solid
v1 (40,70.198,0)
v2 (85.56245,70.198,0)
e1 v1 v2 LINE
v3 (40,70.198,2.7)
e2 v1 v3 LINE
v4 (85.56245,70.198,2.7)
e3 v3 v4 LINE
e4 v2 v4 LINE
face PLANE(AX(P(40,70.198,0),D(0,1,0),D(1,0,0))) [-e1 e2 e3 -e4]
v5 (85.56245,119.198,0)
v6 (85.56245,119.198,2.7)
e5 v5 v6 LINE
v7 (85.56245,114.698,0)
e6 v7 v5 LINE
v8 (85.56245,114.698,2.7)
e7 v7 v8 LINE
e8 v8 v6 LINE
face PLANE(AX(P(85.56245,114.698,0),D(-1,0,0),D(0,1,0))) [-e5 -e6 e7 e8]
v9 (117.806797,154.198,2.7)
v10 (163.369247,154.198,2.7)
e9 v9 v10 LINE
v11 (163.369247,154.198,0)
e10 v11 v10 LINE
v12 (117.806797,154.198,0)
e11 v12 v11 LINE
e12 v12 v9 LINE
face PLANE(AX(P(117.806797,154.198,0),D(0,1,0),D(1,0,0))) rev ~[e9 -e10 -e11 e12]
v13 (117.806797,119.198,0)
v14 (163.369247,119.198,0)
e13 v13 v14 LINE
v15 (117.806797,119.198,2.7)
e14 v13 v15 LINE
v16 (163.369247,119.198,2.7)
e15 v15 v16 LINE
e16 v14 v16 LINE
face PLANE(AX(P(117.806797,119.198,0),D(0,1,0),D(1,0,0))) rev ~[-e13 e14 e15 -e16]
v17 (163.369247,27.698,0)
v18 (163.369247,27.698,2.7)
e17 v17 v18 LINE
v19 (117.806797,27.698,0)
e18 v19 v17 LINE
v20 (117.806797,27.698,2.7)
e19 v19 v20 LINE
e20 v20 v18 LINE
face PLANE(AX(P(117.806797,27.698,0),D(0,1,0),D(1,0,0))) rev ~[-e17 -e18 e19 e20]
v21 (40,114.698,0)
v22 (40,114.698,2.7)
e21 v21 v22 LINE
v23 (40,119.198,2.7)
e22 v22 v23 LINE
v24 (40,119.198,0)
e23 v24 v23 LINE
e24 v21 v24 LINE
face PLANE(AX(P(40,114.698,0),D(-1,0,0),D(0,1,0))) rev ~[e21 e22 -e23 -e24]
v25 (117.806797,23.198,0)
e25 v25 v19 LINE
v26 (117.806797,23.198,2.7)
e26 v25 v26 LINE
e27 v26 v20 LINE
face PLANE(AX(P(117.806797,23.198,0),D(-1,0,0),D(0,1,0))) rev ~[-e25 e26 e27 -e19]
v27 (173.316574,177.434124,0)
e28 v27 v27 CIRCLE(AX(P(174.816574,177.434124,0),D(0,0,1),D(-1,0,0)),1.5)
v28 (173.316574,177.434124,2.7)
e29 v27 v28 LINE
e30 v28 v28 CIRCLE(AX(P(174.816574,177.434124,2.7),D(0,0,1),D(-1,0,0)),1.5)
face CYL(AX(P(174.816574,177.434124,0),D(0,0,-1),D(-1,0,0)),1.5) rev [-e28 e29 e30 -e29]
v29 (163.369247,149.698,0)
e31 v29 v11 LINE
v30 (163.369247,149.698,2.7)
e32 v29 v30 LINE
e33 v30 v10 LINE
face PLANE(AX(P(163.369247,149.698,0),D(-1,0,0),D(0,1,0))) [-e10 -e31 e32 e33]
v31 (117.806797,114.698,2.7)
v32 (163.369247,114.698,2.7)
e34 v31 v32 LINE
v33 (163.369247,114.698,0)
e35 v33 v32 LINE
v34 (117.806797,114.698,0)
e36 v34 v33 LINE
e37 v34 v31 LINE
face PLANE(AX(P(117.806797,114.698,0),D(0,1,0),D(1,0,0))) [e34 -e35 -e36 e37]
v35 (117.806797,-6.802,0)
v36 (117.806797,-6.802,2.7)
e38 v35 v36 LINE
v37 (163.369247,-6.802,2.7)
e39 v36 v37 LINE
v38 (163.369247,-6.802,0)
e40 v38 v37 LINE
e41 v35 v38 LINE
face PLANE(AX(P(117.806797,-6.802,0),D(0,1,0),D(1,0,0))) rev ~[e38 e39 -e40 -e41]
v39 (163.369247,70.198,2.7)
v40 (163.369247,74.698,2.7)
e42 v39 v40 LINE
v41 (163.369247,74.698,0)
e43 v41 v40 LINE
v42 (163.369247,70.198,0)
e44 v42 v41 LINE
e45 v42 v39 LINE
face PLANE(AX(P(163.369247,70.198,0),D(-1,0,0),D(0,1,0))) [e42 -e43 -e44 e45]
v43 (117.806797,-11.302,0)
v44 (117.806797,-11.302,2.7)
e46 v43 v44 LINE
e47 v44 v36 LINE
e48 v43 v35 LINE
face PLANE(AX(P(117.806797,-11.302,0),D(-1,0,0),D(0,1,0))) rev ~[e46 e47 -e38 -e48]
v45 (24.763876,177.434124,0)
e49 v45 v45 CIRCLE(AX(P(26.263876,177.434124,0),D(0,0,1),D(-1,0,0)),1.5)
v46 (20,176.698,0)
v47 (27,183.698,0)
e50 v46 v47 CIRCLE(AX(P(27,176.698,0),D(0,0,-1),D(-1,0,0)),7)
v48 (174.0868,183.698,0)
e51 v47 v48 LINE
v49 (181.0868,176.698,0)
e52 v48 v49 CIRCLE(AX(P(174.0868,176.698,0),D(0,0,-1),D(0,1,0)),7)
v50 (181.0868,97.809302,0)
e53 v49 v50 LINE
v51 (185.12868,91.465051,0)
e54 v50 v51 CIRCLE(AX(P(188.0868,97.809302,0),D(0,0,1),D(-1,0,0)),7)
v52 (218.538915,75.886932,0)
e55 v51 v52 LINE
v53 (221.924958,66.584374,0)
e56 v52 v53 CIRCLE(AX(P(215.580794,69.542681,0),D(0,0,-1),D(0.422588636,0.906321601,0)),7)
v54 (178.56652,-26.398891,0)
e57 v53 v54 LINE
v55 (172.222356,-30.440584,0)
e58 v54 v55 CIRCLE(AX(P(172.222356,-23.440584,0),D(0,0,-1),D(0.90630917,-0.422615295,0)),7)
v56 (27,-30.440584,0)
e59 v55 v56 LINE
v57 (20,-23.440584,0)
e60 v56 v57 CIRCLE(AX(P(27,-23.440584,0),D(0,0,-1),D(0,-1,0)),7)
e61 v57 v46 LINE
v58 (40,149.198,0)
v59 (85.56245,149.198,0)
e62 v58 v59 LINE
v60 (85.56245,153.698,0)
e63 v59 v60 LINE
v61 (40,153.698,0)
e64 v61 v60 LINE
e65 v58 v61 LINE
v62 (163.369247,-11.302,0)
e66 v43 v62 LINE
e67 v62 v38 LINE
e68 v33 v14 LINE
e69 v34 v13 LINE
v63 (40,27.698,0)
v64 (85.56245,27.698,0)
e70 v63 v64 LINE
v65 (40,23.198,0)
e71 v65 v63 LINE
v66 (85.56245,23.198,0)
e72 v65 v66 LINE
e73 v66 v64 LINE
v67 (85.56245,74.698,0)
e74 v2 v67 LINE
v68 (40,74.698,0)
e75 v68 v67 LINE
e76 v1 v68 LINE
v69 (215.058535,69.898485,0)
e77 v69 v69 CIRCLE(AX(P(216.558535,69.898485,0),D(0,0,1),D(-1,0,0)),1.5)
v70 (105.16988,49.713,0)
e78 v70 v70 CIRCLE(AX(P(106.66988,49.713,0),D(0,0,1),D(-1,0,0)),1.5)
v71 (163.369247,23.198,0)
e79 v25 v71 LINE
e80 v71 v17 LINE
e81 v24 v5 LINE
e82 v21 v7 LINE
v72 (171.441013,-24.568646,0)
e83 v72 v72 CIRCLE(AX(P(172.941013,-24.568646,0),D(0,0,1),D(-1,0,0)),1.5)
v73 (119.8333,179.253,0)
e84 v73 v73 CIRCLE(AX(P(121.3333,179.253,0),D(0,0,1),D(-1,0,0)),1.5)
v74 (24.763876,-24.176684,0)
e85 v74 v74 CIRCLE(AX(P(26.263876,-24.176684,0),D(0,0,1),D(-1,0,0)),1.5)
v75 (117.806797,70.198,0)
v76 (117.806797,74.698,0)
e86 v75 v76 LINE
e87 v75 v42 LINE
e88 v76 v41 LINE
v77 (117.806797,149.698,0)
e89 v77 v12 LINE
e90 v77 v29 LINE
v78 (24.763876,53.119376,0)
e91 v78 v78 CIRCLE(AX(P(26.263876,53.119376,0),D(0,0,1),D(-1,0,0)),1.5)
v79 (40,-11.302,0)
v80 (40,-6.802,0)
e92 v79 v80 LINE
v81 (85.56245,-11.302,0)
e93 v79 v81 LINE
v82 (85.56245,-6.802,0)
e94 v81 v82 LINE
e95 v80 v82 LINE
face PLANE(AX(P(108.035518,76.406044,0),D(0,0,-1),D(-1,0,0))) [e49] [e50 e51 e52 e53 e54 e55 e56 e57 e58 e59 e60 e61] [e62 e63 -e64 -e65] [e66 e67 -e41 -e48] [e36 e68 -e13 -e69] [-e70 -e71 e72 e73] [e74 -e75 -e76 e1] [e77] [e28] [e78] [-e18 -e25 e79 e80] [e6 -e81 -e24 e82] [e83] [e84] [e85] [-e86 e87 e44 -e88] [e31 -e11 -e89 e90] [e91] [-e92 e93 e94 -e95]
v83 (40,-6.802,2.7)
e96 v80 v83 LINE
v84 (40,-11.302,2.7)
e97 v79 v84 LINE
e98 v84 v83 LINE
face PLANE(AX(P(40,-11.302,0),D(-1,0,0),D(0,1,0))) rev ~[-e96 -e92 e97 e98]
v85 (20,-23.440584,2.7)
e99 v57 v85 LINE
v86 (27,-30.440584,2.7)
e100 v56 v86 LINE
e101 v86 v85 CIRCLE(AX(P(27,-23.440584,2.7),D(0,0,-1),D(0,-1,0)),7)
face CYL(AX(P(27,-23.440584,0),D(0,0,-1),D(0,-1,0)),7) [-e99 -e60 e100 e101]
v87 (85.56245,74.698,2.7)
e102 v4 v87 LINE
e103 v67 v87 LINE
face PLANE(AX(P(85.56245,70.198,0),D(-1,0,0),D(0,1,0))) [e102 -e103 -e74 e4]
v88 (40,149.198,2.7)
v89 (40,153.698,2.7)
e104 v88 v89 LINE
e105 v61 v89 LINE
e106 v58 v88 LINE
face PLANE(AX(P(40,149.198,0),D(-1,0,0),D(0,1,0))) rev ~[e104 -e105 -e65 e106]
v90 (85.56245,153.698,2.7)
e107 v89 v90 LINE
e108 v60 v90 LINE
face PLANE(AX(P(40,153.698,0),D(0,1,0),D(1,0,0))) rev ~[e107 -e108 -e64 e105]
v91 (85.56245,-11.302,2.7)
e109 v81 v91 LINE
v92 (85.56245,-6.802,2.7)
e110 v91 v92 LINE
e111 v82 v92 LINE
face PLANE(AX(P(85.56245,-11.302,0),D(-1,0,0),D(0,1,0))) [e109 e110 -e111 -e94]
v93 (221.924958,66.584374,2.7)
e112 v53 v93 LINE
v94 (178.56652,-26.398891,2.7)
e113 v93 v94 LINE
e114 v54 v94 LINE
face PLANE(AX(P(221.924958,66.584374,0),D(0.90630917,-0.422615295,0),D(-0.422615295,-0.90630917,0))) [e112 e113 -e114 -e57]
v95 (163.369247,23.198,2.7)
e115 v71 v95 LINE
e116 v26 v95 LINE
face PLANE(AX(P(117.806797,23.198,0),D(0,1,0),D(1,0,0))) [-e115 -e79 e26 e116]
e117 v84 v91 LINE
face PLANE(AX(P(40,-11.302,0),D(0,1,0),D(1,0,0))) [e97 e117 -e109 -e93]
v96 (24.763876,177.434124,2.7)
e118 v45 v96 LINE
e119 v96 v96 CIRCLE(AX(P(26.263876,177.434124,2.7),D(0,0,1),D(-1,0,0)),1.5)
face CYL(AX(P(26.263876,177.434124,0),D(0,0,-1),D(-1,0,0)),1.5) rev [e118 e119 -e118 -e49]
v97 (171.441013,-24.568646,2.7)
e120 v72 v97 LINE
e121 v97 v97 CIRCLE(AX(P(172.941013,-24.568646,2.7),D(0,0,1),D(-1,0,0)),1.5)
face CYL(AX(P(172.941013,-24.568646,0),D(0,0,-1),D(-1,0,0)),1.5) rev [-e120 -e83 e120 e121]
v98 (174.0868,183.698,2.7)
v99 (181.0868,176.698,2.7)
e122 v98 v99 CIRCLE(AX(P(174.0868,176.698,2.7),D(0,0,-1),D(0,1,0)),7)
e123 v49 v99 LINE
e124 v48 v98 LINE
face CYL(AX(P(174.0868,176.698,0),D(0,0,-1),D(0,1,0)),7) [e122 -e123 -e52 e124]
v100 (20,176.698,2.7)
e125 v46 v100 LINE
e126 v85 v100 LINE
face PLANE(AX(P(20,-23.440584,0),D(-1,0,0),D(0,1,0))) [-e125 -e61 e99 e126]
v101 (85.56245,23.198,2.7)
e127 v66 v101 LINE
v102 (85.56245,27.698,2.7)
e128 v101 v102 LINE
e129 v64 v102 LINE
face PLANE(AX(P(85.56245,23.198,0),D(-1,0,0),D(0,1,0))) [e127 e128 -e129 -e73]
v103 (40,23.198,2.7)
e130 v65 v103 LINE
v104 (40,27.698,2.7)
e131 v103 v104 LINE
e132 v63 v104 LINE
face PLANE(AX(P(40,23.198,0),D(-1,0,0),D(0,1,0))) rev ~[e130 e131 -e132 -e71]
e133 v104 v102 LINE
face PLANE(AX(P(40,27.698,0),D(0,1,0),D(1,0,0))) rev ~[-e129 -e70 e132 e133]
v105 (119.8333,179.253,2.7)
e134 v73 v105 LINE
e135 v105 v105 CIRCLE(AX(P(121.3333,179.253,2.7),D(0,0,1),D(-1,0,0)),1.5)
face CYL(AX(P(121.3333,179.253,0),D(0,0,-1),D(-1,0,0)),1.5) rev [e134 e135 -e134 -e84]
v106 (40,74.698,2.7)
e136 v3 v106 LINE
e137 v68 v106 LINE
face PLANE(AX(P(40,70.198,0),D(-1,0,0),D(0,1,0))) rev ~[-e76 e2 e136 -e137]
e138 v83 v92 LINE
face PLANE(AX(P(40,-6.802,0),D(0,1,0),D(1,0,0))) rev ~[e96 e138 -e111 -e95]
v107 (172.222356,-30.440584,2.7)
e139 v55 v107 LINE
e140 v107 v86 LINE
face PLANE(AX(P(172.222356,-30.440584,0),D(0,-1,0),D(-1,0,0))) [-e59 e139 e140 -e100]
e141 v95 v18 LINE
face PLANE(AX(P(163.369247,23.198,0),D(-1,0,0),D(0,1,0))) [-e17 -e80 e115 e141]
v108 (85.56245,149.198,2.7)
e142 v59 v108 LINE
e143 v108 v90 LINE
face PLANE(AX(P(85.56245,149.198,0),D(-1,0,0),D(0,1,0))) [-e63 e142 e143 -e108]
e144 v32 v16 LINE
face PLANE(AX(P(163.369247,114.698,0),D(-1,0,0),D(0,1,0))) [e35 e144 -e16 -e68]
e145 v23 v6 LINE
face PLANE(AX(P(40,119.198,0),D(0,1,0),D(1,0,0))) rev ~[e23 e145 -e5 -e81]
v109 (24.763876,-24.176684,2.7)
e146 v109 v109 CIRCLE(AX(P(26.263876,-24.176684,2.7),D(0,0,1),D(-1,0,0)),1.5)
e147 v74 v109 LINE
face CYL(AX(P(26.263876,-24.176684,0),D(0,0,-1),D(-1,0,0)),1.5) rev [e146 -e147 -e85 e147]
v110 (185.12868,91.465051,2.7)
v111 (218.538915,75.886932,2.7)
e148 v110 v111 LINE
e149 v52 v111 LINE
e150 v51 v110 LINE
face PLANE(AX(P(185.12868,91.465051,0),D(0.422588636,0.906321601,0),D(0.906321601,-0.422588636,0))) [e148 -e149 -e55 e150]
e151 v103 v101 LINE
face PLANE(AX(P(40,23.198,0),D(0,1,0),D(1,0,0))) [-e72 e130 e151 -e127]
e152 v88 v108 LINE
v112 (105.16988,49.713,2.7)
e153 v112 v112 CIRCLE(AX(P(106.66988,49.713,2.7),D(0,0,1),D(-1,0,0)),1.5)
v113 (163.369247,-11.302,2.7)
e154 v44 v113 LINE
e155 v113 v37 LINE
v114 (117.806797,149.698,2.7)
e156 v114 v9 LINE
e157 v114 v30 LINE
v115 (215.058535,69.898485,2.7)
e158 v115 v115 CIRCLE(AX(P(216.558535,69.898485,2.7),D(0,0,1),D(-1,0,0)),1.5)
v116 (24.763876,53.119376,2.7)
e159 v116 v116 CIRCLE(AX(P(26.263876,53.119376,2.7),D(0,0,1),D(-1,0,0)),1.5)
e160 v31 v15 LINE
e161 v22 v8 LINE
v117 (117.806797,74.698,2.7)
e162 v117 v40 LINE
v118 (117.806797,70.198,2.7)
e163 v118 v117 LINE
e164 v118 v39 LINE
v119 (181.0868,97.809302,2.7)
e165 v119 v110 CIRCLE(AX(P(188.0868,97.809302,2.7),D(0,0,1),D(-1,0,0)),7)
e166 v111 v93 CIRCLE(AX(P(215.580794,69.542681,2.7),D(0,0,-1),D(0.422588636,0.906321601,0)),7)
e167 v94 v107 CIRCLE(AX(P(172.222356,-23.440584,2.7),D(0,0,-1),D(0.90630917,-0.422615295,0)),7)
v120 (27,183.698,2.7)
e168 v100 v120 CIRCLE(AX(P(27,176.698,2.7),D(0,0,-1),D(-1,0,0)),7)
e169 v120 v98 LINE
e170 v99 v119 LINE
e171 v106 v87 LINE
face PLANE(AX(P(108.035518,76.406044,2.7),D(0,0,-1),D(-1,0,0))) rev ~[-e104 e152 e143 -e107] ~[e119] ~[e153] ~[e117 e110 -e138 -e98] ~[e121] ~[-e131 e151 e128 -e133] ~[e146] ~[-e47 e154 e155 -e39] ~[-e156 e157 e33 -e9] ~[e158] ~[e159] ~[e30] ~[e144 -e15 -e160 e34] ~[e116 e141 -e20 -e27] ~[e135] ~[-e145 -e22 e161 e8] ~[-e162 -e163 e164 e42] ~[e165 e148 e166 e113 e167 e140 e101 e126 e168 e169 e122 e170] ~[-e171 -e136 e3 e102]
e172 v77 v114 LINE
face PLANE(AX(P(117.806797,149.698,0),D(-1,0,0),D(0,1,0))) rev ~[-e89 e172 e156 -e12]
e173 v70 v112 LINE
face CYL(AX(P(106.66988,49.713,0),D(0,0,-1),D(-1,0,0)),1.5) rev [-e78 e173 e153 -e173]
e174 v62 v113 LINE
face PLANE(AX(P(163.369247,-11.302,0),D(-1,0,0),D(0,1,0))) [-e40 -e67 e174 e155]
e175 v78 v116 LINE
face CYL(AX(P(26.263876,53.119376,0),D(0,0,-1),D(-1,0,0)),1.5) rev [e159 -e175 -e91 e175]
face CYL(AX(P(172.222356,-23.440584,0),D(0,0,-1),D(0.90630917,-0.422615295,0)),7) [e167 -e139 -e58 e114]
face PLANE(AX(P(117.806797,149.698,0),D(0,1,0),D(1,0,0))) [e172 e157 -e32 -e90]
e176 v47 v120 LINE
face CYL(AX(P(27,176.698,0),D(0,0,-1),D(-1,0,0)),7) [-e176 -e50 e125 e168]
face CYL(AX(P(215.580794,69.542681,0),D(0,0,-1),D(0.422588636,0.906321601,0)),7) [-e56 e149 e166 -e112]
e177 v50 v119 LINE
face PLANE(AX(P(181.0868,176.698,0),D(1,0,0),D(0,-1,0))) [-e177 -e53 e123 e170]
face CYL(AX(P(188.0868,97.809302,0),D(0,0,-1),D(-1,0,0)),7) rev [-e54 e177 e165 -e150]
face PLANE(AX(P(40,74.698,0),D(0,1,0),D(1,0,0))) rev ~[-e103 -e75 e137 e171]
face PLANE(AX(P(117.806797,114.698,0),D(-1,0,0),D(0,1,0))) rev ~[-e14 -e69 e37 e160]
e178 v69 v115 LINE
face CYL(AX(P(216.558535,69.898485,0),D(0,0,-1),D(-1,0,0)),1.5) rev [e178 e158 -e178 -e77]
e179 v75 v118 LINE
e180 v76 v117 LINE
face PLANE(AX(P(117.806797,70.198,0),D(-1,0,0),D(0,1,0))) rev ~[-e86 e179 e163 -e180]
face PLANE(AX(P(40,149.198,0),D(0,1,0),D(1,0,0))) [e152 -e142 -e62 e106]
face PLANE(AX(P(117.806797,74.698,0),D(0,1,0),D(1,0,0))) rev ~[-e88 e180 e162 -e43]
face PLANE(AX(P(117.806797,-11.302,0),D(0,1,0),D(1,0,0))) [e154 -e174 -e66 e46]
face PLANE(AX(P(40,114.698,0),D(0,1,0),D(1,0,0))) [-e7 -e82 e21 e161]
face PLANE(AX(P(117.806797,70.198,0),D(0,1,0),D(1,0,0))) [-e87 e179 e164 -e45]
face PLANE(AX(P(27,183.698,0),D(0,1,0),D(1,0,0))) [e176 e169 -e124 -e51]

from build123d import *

# Parameters (mm, degrees)
SKETCH1_R           = 1.5
SKETCH1_W           = 45.562449769
SKETCH1_H           = 4.5
BOSS_EXTRUDE1_DEPTH = 2.7


with BuildPart() as part:
    # Sketch1 → Boss-Extrude1 (new body)
    with BuildSketch(Plane.XY):
        with BuildLine():
            Line((181.0868, 176.698), (181.0868, 97.809302293))
            ThreePointArc((181.0868, 97.809302293), (182.183121351, 94.048108544), (185.128679547, 91.465051085))
            Line((185.128679547, 91.465051085), (218.538914615, 75.886932175))
            ThreePointArc((218.538914615, 75.886932175), (222.158599458, 71.936940245), (221.924958355, 66.584373903))
            Line((221.924958355, 66.584373903), (178.566520277, -26.398891285))
            ThreePointArc((178.566520277, -26.398891285), (175.983463005, -29.344318185), (172.222356084, -30.44058422))
            Line((172.222356084, -30.44058422), (27, -30.44058422))
            ThreePointArc((27, -30.44058422), (22.050252532, -28.390331688), (20, -23.44058422))
            Line((20, -23.44058422), (20, 176.698))
            ThreePointArc((20, 176.698), (22.050252532, 181.647747468), (27, 183.698))
            Line((27, 183.698), (174.0868, 183.698))
            ThreePointArc((174.0868, 183.698), (179.036547468, 181.647747468), (181.0868, 176.698))
        make_face()
        with Locations(Location((216.558534729, 69.898485122, 0), (0, 0, 180))):
            Circle(SKETCH1_R, mode=Mode.SUBTRACT)
        with Locations(Location((106.66988, 49.713, 0), (0, 0, 180))):
            Circle(SKETCH1_R, mode=Mode.SUBTRACT)
        with Locations(Location((26.263876, 53.119376266, 0), (0, 0, 180))):
            Circle(SKETCH1_R, mode=Mode.SUBTRACT)
        with Locations(Location((26.263876266, 177.434123734, 0), (0, 0, 180))):
            Circle(SKETCH1_R, mode=Mode.SUBTRACT)
        with Locations(Location((121.3333, 179.253, 0), (0, 0, 180))):
            Circle(SKETCH1_R, mode=Mode.SUBTRACT)
        with Locations(Location((174.816573734, 177.434123734, 0), (0, 0, 180))):
            Circle(SKETCH1_R, mode=Mode.SUBTRACT)
        with Locations(Location((26.263876, -24.17668422, 0), (0, 0, 180))):
            Circle(SKETCH1_R, mode=Mode.SUBTRACT)
        with Locations(Location((172.941013343, -24.56864608, 0), (0, 0, 180))):
            Circle(SKETCH1_R, mode=Mode.SUBTRACT)
        with Locations((140.588022236, 151.948)):
            Rectangle(SKETCH1_W, SKETCH1_H, mode=Mode.SUBTRACT)
        with Locations((62.781224885, 151.448)):
            Rectangle(SKETCH1_W, SKETCH1_H, mode=Mode.SUBTRACT)
        with Locations((62.781224885, 116.948)):
            Rectangle(SKETCH1_W, SKETCH1_H, mode=Mode.SUBTRACT)
        with Locations((62.781224885, 72.448)):
            Rectangle(SKETCH1_W, SKETCH1_H, mode=Mode.SUBTRACT)
        with Locations((62.781224885, 25.448)):
            Rectangle(SKETCH1_W, SKETCH1_H, mode=Mode.SUBTRACT)
        with Locations((62.781224885, -9.052)):
            Rectangle(SKETCH1_W, SKETCH1_H, mode=Mode.SUBTRACT)
        with Locations((140.588022236, 116.948)):
            Rectangle(SKETCH1_W, SKETCH1_H, mode=Mode.SUBTRACT)
        with Locations((140.588022236, 72.448)):
            Rectangle(SKETCH1_W, SKETCH1_H, mode=Mode.SUBTRACT)
        with Locations((140.588022236, 25.448)):
            Rectangle(SKETCH1_W, SKETCH1_H, mode=Mode.SUBTRACT)
        with Locations((140.588022236, -9.052)):
            Rectangle(SKETCH1_W, SKETCH1_H, mode=Mode.SUBTRACT)
    extrude(amount=BOSS_EXTRUDE1_DEPTH)


solid = part.part
